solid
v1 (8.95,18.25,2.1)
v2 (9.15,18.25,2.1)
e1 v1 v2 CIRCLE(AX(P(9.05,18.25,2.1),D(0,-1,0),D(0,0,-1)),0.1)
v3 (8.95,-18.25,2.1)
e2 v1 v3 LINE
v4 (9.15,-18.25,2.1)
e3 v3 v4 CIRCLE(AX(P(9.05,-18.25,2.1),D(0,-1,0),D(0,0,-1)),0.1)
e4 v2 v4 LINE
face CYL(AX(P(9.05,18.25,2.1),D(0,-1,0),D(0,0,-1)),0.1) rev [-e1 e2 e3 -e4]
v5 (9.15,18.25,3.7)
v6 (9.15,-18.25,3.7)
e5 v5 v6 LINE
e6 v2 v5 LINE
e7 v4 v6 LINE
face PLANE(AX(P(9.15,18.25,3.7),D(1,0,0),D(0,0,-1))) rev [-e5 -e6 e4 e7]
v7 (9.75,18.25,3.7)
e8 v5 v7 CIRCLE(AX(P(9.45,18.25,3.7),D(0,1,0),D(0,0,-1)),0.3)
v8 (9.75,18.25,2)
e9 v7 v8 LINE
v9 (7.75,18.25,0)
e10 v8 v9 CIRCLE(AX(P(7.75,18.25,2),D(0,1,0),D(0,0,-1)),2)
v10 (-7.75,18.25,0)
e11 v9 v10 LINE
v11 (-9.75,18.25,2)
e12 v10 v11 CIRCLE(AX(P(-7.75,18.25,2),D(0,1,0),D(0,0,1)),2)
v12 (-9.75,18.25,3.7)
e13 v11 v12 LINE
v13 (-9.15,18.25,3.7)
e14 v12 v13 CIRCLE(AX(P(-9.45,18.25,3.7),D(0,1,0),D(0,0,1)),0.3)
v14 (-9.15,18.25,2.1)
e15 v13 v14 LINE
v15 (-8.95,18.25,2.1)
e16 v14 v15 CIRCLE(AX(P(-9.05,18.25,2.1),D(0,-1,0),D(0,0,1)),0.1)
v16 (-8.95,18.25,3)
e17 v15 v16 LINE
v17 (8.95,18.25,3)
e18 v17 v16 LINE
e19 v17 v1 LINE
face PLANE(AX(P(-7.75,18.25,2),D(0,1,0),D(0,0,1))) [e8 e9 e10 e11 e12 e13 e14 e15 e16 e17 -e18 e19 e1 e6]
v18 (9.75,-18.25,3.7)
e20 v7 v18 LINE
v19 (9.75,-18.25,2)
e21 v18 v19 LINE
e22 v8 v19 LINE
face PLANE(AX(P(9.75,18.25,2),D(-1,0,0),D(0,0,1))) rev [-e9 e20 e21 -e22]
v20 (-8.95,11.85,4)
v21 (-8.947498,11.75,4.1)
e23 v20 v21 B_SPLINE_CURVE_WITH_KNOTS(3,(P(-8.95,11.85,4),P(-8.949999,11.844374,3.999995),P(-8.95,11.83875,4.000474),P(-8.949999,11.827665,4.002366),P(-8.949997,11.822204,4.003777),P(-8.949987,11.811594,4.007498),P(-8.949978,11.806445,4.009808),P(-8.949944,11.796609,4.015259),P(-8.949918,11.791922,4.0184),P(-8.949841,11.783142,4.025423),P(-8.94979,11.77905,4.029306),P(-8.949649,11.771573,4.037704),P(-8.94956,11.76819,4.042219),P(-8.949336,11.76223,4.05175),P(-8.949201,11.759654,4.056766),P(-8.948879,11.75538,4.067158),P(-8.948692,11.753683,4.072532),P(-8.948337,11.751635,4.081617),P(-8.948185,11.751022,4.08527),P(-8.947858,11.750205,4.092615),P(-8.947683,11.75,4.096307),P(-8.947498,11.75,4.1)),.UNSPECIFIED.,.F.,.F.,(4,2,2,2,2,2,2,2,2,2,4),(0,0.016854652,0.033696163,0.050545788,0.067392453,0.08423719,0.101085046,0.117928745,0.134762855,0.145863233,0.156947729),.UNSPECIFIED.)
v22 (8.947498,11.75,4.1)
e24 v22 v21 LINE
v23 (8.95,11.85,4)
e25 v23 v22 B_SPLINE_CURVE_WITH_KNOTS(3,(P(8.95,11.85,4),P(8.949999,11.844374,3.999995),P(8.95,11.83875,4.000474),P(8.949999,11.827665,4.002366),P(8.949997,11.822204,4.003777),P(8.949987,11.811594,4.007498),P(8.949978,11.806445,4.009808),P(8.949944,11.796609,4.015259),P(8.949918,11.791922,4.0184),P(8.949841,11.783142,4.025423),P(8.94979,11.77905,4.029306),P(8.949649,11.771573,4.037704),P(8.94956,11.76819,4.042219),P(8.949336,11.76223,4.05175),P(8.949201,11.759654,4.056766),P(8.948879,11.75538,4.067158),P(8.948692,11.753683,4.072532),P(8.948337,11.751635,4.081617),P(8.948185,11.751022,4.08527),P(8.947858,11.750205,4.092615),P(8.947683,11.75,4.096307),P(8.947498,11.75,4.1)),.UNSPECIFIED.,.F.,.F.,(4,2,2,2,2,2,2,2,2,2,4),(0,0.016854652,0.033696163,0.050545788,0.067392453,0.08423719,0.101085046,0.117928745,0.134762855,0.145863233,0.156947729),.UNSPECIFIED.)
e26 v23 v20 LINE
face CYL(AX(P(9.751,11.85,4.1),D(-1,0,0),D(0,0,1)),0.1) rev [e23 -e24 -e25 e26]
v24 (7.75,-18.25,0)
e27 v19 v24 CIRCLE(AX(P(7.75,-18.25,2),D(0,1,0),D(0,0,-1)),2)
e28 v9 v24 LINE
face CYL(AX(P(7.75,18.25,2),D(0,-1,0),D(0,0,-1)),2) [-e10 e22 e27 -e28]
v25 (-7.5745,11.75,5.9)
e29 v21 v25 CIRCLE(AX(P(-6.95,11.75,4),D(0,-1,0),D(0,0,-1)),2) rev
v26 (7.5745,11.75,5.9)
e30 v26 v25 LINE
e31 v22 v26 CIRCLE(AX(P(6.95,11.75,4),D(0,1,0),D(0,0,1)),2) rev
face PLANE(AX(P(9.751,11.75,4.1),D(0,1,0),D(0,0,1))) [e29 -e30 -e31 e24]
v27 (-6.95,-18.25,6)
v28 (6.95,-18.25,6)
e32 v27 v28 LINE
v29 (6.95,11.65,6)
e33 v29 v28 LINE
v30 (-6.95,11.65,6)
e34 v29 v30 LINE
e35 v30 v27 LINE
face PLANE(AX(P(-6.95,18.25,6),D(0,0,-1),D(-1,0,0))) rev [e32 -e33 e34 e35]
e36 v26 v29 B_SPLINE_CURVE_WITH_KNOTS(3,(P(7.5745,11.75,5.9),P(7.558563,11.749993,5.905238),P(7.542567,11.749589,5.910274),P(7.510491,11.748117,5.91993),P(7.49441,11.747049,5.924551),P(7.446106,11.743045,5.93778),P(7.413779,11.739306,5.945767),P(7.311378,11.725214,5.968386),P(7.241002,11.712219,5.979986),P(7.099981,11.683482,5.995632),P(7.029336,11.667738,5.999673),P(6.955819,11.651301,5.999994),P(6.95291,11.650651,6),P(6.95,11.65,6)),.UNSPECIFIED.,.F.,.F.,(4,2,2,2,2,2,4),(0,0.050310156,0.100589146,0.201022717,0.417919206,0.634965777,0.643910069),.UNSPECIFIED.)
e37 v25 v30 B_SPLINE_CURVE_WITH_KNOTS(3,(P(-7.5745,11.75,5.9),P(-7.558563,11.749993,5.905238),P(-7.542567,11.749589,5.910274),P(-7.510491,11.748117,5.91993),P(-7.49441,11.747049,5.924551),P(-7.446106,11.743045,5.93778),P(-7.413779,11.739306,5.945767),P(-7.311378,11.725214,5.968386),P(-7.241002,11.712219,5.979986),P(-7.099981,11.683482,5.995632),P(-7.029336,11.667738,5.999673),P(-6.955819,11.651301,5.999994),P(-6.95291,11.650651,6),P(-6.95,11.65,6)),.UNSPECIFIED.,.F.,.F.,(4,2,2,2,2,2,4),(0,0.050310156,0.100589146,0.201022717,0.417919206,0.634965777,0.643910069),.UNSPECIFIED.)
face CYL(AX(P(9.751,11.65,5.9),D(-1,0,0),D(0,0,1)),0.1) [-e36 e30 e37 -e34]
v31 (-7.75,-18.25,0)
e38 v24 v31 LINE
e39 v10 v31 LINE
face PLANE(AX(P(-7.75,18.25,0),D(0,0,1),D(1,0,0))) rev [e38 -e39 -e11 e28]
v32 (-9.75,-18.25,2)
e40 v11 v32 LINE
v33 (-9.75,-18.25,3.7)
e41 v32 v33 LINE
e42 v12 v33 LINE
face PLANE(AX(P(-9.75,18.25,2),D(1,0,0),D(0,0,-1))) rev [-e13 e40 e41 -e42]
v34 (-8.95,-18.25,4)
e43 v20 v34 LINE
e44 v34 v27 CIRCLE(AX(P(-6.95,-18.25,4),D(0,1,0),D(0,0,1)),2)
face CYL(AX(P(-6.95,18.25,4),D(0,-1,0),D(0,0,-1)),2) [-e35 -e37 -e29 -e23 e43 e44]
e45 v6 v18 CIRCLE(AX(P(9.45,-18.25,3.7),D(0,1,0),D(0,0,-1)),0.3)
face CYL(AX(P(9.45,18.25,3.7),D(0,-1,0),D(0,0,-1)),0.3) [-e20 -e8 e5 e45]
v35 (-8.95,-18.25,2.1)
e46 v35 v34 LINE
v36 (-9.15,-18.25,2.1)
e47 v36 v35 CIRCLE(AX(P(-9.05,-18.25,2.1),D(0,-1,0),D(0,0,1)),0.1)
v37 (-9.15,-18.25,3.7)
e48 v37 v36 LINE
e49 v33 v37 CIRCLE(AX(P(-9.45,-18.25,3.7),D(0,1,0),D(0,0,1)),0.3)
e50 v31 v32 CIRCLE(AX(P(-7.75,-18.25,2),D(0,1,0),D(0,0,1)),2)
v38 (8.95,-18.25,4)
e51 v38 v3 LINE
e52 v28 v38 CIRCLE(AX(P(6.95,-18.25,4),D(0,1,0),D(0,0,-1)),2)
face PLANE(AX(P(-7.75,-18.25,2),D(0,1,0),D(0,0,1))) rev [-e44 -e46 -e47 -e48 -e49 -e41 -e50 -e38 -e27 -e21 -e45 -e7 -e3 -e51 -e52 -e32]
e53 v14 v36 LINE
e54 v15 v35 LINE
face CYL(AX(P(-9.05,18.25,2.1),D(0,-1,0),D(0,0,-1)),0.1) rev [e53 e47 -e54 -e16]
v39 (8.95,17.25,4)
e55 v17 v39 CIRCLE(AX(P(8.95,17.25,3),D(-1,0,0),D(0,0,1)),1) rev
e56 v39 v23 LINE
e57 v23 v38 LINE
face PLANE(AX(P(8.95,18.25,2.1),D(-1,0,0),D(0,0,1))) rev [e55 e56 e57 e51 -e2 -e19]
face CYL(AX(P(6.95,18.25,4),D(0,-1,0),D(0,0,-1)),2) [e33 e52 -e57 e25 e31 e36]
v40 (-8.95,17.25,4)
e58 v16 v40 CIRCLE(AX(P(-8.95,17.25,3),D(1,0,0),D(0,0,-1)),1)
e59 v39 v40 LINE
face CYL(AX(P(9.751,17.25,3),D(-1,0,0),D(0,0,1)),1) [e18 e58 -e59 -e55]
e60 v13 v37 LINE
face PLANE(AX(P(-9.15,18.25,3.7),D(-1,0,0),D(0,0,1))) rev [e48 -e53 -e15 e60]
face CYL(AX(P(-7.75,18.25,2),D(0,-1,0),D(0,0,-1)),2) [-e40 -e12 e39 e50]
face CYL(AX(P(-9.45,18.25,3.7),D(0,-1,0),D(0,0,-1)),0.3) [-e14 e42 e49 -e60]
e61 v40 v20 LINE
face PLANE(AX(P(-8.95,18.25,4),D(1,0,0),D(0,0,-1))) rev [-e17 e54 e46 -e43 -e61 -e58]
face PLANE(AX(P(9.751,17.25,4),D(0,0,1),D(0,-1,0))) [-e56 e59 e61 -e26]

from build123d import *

# Parameters (mm, degrees)
EXTRUDE_1_DEPTH                 = 18.25
CUT_EXTRUDE_1_REACH             = 23.544
CUT_EXTRUDE_1_DIRECTION_2_REACH = 23.544


with BuildPart() as part:
    # Эскиз1 → Бобышка-Вытянуть1 (new, symmetric)
    with BuildSketch(Plane(origin=(0, 0, 0), x_dir=(1, 0, 0), z_dir=(0, 1, 0))):
        with BuildLine():
            Line((-7.75, 0), (7.75, 0))
            ThreePointArc((7.75, 0), (9.164213562, -0.585786438), (9.75, -2))
            Line((9.75, -2), (9.75, -3.7))
            ThreePointArc((9.75, -3.7), (9.45, -4), (9.15, -3.7))
            Line((9.15, -3.7), (9.15, -2.1))
            ThreePointArc((9.15, -2.1), (9.05, -2), (8.95, -2.1))
            Line((8.95, -2.1), (8.95, -4))
            ThreePointArc((8.95, -4), (8.364213562, -5.414213562), (6.95, -6))
            Line((6.95, -6), (-6.95, -6))
            ThreePointArc((-6.95, -6), (-8.364213562, -5.414213562), (-8.95, -4))
            Line((-8.95, -4), (-8.95, -2.1))
            ThreePointArc((-8.95, -2.1), (-9.05, -2), (-9.15, -2.1))
            Line((-9.15, -2.1), (-9.15, -3.7))
            ThreePointArc((-9.15, -3.7), (-9.45, -4), (-9.75, -3.7))
            Line((-9.75, -3.7), (-9.75, -2))
            ThreePointArc((-9.75, -2), (-9.164213562, -0.585786438), (-7.75, 0))
        make_face()
    extrude(amount=EXTRUDE_1_DEPTH, both=True)

    # Эскиз2 → Вырез-Вытянуть1 (cut, up to next)
    with BuildSketch(Plane(origin=(0, 0, 0), x_dir=(0, 0, -1), z_dir=(1, 0, 0)), mode=Mode.PRIVATE) as cut_extrude_1_sk1:
        with BuildLine():
            Line((-4, 17.25), (-4, 11.85))
            ThreePointArc((-4, 11.85), (-4.029289322, 11.779289322), (-4.1, 11.75))
            Line((-4.1, 11.75), (-5.9, 11.75))
            ThreePointArc((-5.9, 11.75), (-5.970710678, 11.720710678), (-6, 11.65))
            Line((-6, 11.65), (-6, 18.25))
            Line((-6, 18.25), (-3, 18.25))
            ThreePointArc((-3, 18.25), (-3.707106781, 17.957106781), (-4, 17.25))
        make_face()
    cut_extrude_1_tool1 = extrude(cut_extrude_1_sk1.sketch, amount=-CUT_EXTRUDE_1_REACH, mode=Mode.PRIVATE) & part.part
    add(cut_extrude_1_tool1.solids().sort_by_distance((0, 15.049144, 4.98045))[0], mode=Mode.SUBTRACT)

    # Эскиз2 → Вырез-Вытянуть1 direction 2 (cut, up to next)
    with BuildSketch(Plane(origin=(0, 0, 0), x_dir=(0, 0, -1), z_dir=(1, 0, 0)), mode=Mode.PRIVATE) as cut_extrude_1_direction_2_sk1:
        with BuildLine():
            Line((-4, 17.25), (-4, 11.85))
            ThreePointArc((-4, 11.85), (-4.029289322, 11.779289322), (-4.1, 11.75))
            Line((-4.1, 11.75), (-5.9, 11.75))
            ThreePointArc((-5.9, 11.75), (-5.970710678, 11.720710678), (-6, 11.65))
            Line((-6, 11.65), (-6, 18.25))
            Line((-6, 18.25), (-3, 18.25))
            ThreePointArc((-3, 18.25), (-3.707106781, 17.957106781), (-4, 17.25))
        make_face()
    cut_extrude_1_direction_2_tool1 = extrude(cut_extrude_1_direction_2_sk1.sketch, amount=CUT_EXTRUDE_1_DIRECTION_2_REACH, mode=Mode.PRIVATE) & part.part
    add(cut_extrude_1_direction_2_tool1.solids().sort_by_distance((0, 15.049144, 4.98045))[0], mode=Mode.SUBTRACT)


solid = part.part
